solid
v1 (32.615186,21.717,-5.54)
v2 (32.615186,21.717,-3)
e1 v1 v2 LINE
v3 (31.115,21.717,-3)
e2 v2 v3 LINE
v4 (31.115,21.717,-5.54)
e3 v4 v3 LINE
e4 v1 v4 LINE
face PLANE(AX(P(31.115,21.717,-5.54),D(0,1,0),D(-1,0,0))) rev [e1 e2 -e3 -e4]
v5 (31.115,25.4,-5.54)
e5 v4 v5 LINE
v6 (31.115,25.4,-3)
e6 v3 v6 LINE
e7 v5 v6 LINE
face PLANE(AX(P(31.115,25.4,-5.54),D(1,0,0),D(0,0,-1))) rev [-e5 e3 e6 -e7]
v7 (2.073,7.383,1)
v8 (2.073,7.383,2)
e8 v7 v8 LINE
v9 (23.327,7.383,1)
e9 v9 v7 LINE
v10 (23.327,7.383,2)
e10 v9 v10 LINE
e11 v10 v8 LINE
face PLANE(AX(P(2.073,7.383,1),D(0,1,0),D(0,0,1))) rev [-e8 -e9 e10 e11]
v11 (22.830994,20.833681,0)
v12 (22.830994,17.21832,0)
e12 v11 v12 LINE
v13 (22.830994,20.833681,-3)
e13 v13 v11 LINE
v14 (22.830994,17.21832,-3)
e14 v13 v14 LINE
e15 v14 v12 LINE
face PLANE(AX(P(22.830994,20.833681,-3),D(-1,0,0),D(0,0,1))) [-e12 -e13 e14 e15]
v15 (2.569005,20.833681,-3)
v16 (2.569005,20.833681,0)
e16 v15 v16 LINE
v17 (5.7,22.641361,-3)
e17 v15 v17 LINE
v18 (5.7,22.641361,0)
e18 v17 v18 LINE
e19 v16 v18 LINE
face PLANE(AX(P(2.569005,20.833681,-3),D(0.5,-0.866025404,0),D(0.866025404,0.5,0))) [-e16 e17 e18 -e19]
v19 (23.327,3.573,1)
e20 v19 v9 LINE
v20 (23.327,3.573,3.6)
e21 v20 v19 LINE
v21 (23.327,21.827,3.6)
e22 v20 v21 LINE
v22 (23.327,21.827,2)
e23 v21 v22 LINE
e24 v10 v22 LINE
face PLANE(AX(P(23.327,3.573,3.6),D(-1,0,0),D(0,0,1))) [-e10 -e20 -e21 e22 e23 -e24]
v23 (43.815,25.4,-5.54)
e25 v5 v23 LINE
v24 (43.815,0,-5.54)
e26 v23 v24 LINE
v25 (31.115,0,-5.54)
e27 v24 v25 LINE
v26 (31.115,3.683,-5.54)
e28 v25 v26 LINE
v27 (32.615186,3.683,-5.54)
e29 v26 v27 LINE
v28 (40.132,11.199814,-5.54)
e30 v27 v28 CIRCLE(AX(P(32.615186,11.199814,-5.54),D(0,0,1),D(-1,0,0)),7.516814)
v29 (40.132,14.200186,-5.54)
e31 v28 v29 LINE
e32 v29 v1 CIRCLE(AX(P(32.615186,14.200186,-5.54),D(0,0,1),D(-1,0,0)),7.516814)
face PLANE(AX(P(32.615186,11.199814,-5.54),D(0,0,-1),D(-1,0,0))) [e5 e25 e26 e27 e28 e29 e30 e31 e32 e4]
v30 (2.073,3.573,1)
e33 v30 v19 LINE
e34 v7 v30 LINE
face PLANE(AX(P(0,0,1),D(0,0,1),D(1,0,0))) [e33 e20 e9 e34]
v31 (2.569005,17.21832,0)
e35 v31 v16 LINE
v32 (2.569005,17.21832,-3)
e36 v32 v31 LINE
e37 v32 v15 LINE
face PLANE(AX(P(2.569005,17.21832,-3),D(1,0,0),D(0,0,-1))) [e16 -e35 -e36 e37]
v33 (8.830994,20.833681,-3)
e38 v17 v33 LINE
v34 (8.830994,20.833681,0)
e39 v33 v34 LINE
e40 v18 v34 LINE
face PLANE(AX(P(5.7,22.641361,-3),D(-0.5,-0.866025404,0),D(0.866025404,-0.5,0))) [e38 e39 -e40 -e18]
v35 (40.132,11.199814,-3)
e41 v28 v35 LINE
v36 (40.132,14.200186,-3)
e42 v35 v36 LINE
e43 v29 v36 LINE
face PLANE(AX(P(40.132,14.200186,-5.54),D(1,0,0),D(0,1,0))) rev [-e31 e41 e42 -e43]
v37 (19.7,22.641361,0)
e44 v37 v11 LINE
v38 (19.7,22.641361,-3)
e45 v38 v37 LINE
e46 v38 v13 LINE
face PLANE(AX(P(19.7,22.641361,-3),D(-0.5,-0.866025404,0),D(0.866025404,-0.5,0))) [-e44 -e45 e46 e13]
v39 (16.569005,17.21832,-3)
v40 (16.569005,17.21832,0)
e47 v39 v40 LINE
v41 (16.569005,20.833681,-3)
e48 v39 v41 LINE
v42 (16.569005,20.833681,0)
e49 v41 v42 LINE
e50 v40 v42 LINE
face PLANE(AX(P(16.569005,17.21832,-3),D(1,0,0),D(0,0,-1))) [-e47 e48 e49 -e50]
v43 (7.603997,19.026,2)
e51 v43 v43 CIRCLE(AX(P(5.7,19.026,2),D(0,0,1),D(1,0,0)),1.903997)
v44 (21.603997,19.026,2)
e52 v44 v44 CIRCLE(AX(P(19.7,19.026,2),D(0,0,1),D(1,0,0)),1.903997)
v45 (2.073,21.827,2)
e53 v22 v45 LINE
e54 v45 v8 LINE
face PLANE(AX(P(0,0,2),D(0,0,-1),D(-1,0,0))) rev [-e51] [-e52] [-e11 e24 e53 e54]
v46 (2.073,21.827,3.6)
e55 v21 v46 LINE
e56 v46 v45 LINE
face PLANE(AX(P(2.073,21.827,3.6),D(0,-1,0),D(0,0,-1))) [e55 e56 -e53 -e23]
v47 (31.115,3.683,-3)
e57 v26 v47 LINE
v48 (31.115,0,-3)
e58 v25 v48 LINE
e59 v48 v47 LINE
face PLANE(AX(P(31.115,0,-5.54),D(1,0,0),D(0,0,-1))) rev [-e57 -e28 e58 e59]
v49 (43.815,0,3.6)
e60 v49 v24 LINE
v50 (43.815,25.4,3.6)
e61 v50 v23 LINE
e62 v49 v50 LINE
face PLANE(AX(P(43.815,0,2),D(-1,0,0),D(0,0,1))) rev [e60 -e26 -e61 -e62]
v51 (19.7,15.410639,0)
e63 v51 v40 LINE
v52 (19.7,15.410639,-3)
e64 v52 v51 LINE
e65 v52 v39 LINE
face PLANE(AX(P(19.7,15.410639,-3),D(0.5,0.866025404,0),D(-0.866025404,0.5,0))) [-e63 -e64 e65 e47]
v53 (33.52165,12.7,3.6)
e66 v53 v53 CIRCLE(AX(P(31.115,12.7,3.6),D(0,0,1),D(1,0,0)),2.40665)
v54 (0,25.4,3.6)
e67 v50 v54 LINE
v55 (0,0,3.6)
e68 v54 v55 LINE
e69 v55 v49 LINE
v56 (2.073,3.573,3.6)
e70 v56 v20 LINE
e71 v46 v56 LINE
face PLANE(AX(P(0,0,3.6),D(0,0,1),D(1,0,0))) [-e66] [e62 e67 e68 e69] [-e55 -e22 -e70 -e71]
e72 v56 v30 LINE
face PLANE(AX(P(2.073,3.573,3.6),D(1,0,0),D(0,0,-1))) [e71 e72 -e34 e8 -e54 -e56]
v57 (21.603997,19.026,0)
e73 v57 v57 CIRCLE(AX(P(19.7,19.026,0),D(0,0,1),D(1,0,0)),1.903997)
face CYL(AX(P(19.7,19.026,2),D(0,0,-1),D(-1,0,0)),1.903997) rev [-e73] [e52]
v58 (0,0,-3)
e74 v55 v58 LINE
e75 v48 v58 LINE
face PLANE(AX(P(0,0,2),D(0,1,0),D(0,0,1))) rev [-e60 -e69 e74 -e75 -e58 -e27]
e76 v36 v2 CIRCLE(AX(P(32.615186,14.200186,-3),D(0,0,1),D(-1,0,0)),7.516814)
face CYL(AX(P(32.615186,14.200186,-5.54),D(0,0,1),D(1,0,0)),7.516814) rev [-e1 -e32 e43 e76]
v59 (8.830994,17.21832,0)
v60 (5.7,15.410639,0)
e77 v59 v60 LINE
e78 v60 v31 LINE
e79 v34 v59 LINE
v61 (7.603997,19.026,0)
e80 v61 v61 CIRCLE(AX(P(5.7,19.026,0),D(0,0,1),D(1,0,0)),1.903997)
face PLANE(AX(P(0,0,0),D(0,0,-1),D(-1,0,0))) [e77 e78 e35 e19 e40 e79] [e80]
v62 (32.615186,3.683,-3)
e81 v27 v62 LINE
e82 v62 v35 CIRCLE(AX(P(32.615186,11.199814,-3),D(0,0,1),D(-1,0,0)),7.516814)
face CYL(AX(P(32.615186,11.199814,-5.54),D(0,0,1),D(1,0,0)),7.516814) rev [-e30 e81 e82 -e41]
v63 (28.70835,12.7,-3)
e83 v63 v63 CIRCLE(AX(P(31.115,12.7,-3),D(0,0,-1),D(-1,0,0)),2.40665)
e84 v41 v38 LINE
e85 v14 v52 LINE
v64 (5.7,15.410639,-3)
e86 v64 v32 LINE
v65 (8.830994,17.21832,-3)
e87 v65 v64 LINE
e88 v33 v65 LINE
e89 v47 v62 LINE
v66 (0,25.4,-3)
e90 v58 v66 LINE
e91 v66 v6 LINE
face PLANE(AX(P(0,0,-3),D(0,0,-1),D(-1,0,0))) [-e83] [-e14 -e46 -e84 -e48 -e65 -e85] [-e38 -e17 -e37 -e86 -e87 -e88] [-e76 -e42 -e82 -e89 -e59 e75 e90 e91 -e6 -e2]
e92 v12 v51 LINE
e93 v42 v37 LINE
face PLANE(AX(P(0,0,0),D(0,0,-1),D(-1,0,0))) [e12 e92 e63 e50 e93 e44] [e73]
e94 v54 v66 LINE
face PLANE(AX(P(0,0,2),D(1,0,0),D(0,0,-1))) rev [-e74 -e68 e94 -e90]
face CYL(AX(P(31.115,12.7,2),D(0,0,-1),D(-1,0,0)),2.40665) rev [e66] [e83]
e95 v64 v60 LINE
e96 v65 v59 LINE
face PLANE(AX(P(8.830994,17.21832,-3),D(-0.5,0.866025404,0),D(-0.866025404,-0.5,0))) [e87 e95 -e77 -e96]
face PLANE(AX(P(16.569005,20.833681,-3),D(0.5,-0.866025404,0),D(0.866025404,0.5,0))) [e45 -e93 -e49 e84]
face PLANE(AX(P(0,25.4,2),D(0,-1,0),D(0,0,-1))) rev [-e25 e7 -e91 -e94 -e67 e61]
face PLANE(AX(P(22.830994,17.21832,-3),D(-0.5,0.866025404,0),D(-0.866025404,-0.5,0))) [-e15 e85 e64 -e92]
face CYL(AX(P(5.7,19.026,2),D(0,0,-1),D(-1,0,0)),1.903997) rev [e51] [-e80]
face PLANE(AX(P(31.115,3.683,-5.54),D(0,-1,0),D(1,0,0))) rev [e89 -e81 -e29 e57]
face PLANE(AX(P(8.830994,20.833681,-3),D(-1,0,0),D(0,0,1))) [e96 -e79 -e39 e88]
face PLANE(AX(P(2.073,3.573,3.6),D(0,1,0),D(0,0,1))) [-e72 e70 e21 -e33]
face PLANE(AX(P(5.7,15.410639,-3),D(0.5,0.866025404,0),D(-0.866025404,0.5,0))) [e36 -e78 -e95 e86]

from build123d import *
from build123d.topology import SkipClean

# Parameters (mm, degrees)
SKETCH1_W           = 43.815
SKETCH1_H           = 25.4
SKETCH1_R           = 1.9039967
SKETCH1_R_2         = 2.40665
BOSS_EXTRUDE1_DEPTH = 2
SKETCH2_W           = 43.815
SKETCH2_H           = 25.4
SKETCH2_R           = 2.40665
SKETCH2_W_2         = 21.254
SKETCH2_H_2         = 18.254
BOSS_EXTRUDE2_DEPTH = 1.6
BOSS_EXTRUDE3_START = 3
SKETCH3_W           = 43.815
SKETCH3_H           = 25.4
SKETCH3_R           = 2.40665
BOSS_EXTRUDE3_DEPTH = 3
BOSS_EXTRUDE4_DEPTH = 2.54
SKETCH5_W           = 21.254
SKETCH5_H           = 3.81
CUT_EXTRUDE1_DEPTH  = 1


with BuildPart() as part:
    # Sketch1 → Boss-Extrude1 (new body)
    with BuildSketch(Plane.XY):
        with Locations((21.9075, 12.7)):
            Rectangle(SKETCH1_W, SKETCH1_H)
        with Locations((5.7, 19.026000048)):
            Circle(SKETCH1_R, mode=Mode.SUBTRACT)
        with Locations((19.7, 19.026000048)):
            Circle(SKETCH1_R, mode=Mode.SUBTRACT)
        with Locations((31.115, 12.7)):
            Circle(SKETCH1_R_2, mode=Mode.SUBTRACT)
    extrude(amount=BOSS_EXTRUDE1_DEPTH)

    # Sketch2 → Boss-Extrude2 (add)
    with BuildSketch(Plane.XY.offset(2)):
        with Locations((21.9075, 12.7)):
            Rectangle(SKETCH2_W, SKETCH2_H)
        with Locations((31.115, 12.7)):
            Circle(SKETCH2_R, mode=Mode.SUBTRACT)
        with Locations((12.7, 12.7)):
            Rectangle(SKETCH2_W_2, SKETCH2_H_2, mode=Mode.SUBTRACT)
    extrude(amount=BOSS_EXTRUDE2_DEPTH)

    # Sketch3 → Boss-Extrude3 (add)
    with SkipClean():  # the faces are left unmerged after this step: merging them gives an invalid solid
        with BuildSketch(Plane(origin=(0, 0, 0), x_dir=(-1, 0, 0), z_dir=(0, 0, -1)).offset(BOSS_EXTRUDE3_START)):
            with Locations((-21.9075, 12.7)):
                Rectangle(SKETCH3_W, SKETCH3_H)
            with Locations((-31.115, 12.7)):
                Circle(SKETCH3_R, mode=Mode.SUBTRACT)
            Polygon((-16.5690055, 17.218319531), (-16.5690055, 20.833680565), (-19.7, 22.641361083), (-22.8309945, 20.833680565), (-22.8309945, 17.218319531), (-19.7, 15.410639013), align=None, mode=Mode.SUBTRACT)
            Polygon((-2.5690055, 20.833680565), (-5.7, 22.641361083), (-8.8309945, 20.833680565), (-8.8309945, 17.218319531), (-5.7, 15.410639013), (-2.5690055, 17.218319531), align=None, mode=Mode.SUBTRACT)
        extrude(amount=-BOSS_EXTRUDE3_DEPTH)

    # Sketch4 → Boss-Extrude4 (add)
    with SkipClean():  # the faces are left unmerged after this step: merging them gives an invalid solid
        with BuildSketch(Plane(origin=(0, 0, -3), x_dir=(-1, 0, 0), z_dir=(0, 0, -1))):
            with BuildLine():
                Line((-31.115, 25.4), (-31.115, 21.717))
                Line((-31.115, 21.717), (-32.615185644, 21.717))
                ThreePointArc((-32.615185644, 21.717), (-37.930376048, 19.515376048), (-40.132, 14.200185644))
                Line((-40.132, 14.200185644), (-40.132, 11.199814356))
                ThreePointArc((-40.132, 11.199814356), (-37.930376048, 5.884623952), (-32.615185644, 3.683))
                Line((-32.615185644, 3.683), (-31.115, 3.683))
                Line((-31.115, 3.683), (-31.115, 0))
                Line((-31.115, 0), (-43.815, 0))
                Line((-43.815, 0), (-43.815, 25.4))
                Line((-43.815, 25.4), (-31.115, 25.4))
            make_face()
        extrude(amount=BOSS_EXTRUDE4_DEPTH)

    # Sketch5 → Cut-Extrude1 (cut)
    with SkipClean():  # the faces are left unmerged after this step: merging them gives an invalid solid
        with BuildSketch(Plane.XY.offset(2)):
            with Locations((12.7, 5.478)):
                Rectangle(SKETCH5_W, SKETCH5_H)
        extrude(amount=-CUT_EXTRUDE1_DEPTH, mode=Mode.SUBTRACT)


solid = part.part
